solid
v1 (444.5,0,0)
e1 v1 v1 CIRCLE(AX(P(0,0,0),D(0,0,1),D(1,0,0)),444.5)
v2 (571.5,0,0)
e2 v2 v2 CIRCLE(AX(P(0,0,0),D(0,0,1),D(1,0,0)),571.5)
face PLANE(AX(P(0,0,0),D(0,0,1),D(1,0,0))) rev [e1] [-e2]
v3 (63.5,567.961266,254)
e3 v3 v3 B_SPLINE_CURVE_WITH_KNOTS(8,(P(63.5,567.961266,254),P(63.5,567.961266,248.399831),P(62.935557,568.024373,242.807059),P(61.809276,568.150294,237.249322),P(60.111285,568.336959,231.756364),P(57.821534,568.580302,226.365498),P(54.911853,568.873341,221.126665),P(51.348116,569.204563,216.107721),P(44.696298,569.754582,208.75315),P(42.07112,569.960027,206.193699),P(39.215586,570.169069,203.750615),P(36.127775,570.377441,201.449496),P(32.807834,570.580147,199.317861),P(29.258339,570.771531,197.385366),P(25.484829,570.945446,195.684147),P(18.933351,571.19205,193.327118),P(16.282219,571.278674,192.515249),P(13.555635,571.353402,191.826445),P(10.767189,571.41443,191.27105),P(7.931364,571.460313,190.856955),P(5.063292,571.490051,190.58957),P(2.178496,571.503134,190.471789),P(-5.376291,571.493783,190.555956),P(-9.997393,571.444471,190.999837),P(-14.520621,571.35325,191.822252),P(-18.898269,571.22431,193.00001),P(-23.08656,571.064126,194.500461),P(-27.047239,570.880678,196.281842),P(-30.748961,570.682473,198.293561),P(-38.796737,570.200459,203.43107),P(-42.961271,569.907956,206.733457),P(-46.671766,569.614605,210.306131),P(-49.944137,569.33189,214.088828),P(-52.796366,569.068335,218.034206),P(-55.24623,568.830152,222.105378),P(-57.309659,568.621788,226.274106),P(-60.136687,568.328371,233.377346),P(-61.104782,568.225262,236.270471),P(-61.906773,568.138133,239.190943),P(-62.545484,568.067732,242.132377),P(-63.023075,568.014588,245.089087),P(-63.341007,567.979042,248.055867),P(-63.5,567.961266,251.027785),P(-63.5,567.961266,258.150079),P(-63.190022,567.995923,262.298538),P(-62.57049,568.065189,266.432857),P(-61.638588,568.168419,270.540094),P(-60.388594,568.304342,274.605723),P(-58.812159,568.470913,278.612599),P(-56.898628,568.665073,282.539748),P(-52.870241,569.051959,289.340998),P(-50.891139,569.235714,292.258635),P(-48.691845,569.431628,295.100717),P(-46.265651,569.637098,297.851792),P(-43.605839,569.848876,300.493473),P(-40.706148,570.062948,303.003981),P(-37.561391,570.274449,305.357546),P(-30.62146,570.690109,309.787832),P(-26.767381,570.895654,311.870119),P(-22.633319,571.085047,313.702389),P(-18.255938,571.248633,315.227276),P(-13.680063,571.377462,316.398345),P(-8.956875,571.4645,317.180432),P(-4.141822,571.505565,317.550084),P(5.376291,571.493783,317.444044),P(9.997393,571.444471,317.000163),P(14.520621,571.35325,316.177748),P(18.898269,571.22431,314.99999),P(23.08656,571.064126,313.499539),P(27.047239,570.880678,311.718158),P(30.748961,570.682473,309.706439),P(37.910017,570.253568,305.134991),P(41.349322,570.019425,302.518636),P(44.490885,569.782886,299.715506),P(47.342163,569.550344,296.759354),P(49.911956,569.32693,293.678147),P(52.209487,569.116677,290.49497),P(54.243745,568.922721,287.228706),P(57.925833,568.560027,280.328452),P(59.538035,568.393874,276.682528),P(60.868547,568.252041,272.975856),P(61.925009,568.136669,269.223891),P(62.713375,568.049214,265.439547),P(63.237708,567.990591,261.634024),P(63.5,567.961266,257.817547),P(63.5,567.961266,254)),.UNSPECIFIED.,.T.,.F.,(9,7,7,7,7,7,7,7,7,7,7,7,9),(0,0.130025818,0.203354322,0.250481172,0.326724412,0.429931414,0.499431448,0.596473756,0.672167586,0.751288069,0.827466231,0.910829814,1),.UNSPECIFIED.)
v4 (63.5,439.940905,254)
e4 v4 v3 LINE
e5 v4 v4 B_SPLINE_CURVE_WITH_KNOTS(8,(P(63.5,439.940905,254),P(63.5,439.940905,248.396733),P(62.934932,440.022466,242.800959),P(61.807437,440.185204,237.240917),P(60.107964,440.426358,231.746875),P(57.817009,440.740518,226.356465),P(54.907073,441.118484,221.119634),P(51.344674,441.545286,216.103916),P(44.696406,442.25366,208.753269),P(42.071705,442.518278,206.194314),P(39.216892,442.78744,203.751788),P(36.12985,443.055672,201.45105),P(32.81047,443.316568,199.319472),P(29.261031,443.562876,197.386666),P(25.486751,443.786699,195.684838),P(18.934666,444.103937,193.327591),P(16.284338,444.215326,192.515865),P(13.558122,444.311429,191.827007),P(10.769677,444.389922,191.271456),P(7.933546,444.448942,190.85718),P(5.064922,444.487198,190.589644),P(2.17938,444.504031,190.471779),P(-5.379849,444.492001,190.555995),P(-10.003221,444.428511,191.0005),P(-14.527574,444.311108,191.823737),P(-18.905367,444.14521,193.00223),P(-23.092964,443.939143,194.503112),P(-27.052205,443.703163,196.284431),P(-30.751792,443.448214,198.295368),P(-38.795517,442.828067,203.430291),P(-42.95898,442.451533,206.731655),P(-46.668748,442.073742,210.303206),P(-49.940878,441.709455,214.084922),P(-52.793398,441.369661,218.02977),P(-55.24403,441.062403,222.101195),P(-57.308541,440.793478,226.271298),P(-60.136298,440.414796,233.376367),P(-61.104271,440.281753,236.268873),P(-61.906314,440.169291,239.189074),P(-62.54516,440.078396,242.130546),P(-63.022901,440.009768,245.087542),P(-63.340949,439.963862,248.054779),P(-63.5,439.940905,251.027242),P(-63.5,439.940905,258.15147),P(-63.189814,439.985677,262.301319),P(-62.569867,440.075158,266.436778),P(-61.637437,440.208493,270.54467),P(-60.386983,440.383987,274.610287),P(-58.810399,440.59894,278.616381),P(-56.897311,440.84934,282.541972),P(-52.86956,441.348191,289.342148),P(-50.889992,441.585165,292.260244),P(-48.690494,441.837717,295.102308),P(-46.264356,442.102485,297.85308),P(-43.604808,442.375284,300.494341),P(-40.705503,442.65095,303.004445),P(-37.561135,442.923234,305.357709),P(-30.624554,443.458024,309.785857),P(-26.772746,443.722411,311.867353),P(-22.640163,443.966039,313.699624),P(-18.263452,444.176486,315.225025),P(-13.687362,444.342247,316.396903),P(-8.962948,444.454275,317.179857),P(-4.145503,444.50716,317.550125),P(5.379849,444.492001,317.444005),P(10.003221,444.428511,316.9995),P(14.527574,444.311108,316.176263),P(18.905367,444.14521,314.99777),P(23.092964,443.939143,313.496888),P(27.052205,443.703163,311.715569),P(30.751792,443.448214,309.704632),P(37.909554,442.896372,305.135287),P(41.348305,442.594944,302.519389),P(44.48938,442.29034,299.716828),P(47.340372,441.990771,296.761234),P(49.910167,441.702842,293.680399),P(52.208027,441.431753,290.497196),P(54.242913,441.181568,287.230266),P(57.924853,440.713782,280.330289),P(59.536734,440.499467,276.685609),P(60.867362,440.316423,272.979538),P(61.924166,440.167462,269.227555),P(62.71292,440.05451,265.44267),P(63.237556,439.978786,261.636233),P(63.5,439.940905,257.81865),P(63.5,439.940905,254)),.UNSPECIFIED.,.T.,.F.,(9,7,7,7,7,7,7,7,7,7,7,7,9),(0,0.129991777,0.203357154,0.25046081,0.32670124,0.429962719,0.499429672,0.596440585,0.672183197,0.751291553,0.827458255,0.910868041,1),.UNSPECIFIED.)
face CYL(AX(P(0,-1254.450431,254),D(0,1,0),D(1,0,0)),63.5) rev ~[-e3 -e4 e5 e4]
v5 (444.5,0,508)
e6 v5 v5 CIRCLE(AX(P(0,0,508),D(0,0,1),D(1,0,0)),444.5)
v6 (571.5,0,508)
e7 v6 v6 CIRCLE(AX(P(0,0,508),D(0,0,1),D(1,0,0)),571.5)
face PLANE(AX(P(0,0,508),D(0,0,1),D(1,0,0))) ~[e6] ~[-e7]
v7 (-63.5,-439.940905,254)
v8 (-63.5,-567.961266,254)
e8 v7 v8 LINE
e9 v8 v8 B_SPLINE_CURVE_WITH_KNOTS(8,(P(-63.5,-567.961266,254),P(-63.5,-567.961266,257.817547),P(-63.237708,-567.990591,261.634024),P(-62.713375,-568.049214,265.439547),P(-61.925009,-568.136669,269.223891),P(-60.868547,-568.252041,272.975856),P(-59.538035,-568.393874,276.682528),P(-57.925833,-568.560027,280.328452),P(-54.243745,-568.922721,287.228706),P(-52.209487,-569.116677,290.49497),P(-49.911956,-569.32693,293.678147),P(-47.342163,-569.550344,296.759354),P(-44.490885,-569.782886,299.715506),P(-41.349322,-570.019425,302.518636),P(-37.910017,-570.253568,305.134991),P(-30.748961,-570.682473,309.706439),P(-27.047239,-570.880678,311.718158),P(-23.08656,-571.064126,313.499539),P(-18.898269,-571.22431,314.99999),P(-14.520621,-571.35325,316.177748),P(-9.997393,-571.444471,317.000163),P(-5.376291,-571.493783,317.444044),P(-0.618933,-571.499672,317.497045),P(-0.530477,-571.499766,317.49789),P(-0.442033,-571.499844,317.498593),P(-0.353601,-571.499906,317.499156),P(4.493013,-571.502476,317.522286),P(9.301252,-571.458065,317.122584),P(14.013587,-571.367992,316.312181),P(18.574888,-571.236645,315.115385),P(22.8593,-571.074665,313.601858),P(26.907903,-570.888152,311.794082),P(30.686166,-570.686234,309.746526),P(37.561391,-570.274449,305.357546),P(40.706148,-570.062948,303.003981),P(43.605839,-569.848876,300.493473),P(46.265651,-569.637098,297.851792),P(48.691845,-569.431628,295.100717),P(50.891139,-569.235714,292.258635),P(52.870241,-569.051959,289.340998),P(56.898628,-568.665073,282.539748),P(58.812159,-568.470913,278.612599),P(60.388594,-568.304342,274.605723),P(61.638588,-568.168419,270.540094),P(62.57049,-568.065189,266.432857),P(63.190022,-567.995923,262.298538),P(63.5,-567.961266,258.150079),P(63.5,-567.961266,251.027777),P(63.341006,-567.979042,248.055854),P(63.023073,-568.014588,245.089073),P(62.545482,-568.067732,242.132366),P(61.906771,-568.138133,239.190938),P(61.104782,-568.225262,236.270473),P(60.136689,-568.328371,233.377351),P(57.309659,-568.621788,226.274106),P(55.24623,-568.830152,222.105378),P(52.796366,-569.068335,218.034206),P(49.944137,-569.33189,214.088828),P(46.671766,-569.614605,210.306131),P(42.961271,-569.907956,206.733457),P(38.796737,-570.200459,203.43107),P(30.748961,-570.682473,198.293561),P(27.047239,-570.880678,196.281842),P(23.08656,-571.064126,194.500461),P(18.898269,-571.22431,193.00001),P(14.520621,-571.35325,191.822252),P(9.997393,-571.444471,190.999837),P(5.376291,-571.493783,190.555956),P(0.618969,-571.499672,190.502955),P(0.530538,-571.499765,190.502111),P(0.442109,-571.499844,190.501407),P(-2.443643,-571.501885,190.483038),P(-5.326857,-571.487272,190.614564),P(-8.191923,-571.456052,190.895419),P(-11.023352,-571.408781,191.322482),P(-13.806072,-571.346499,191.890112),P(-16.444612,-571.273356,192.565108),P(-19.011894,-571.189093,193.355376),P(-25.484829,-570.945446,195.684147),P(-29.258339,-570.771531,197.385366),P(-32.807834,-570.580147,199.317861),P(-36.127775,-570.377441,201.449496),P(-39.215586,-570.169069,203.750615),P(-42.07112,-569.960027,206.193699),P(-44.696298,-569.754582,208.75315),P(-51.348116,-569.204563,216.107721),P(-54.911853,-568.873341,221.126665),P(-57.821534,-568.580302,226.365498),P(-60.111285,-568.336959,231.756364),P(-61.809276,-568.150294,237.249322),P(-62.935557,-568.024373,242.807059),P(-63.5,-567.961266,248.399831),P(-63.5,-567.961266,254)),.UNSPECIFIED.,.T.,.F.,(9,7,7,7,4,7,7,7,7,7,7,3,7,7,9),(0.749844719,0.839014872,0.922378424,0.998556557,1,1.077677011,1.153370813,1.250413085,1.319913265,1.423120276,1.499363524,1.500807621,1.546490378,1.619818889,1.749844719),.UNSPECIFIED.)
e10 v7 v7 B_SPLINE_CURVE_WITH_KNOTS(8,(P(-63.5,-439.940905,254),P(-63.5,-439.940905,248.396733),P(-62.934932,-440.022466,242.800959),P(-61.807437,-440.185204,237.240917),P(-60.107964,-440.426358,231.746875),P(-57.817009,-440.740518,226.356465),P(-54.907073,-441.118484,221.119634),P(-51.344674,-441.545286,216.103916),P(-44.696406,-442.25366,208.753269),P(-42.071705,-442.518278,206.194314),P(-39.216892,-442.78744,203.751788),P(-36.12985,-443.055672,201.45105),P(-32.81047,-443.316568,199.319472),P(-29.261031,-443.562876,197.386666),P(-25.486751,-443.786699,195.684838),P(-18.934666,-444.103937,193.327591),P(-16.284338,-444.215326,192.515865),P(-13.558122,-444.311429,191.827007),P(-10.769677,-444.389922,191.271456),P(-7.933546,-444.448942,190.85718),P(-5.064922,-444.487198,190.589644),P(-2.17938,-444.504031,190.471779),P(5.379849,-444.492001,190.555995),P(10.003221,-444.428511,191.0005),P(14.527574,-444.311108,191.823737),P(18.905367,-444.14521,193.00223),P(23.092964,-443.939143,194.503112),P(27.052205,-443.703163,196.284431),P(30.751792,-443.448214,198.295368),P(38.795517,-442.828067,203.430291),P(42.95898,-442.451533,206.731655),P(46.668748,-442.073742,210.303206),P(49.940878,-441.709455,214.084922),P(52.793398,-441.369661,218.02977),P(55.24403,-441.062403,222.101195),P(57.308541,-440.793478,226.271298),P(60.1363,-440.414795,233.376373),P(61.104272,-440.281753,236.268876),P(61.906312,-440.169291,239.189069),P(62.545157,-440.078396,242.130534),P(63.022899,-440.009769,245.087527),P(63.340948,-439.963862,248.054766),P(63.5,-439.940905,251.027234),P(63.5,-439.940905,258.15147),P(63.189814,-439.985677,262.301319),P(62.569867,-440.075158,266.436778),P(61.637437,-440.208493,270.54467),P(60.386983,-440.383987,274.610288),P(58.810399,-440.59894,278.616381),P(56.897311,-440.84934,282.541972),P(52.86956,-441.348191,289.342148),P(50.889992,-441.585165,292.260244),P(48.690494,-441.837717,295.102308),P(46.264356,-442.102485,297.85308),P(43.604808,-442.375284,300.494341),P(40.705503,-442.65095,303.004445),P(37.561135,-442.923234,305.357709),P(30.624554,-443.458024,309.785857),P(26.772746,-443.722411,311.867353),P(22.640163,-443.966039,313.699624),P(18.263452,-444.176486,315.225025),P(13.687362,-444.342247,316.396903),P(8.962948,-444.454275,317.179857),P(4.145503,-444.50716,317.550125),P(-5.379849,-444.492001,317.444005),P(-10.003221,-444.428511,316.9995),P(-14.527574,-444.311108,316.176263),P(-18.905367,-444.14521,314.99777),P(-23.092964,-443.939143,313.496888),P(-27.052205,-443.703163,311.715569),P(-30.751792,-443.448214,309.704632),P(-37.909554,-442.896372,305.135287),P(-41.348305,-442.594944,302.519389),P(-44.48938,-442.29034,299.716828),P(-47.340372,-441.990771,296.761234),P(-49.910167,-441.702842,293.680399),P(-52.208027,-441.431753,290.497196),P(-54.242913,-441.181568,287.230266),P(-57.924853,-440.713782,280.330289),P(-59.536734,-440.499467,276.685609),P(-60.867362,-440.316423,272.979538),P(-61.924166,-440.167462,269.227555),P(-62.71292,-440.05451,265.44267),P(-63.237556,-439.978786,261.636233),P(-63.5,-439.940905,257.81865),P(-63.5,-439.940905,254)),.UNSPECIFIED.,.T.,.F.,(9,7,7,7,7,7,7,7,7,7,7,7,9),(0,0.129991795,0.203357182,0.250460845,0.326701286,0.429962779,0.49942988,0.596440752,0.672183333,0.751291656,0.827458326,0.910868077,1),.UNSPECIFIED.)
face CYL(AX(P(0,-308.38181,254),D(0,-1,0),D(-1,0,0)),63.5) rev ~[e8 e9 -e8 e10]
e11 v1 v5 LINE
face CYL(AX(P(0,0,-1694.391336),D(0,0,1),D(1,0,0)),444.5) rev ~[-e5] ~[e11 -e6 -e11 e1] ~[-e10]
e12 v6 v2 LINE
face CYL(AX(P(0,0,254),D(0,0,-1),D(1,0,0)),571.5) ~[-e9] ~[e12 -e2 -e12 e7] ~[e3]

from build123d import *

# Parameters (mm, degrees)
SKETCH1_W   = 571.5
SKETCH1_H   = 508
HOLE1_D     = 889
HOLE2_D     = 127
HOLE2_DEPTH = 131.559094878
HOLE3_D     = 127


with BuildPart() as part:
    # Sketch1 → Revolve1 (revolve)
    with BuildSketch(Plane(origin=(0, 0, 0), x_dir=(1, 0, 0), z_dir=(0, 1, 0))):
        with Locations((285.75, -254)):
            Rectangle(SKETCH1_W, SKETCH1_H)
    revolve(axis=Axis((0, 0, 0), (0, 0, 1)))

    # Hole1 (through all)
    with Locations(Plane(origin=(0, 0, 0), x_dir=(-1, 0, 0), z_dir=(0, 0, -1))):
        with Locations((0, 0)):
            Hole(HOLE1_D / 2)

    # Hole2
    with Locations(Plane(origin=(0, -439.940905122, 0), x_dir=(1, 0, 0), z_dir=(0, 1, 0))):
        with Locations((0, -254)):
            Hole(HOLE2_D / 2, depth=HOLE2_DEPTH)

    # Hole3 (through all)
    with Locations(Plane(origin=(0, 439.940905122, 0), x_dir=(-1, 0, 0), z_dir=(0, -1, 0))):
        with Locations((0, -254)):
            Hole(HOLE3_D / 2)


solid = part.part
